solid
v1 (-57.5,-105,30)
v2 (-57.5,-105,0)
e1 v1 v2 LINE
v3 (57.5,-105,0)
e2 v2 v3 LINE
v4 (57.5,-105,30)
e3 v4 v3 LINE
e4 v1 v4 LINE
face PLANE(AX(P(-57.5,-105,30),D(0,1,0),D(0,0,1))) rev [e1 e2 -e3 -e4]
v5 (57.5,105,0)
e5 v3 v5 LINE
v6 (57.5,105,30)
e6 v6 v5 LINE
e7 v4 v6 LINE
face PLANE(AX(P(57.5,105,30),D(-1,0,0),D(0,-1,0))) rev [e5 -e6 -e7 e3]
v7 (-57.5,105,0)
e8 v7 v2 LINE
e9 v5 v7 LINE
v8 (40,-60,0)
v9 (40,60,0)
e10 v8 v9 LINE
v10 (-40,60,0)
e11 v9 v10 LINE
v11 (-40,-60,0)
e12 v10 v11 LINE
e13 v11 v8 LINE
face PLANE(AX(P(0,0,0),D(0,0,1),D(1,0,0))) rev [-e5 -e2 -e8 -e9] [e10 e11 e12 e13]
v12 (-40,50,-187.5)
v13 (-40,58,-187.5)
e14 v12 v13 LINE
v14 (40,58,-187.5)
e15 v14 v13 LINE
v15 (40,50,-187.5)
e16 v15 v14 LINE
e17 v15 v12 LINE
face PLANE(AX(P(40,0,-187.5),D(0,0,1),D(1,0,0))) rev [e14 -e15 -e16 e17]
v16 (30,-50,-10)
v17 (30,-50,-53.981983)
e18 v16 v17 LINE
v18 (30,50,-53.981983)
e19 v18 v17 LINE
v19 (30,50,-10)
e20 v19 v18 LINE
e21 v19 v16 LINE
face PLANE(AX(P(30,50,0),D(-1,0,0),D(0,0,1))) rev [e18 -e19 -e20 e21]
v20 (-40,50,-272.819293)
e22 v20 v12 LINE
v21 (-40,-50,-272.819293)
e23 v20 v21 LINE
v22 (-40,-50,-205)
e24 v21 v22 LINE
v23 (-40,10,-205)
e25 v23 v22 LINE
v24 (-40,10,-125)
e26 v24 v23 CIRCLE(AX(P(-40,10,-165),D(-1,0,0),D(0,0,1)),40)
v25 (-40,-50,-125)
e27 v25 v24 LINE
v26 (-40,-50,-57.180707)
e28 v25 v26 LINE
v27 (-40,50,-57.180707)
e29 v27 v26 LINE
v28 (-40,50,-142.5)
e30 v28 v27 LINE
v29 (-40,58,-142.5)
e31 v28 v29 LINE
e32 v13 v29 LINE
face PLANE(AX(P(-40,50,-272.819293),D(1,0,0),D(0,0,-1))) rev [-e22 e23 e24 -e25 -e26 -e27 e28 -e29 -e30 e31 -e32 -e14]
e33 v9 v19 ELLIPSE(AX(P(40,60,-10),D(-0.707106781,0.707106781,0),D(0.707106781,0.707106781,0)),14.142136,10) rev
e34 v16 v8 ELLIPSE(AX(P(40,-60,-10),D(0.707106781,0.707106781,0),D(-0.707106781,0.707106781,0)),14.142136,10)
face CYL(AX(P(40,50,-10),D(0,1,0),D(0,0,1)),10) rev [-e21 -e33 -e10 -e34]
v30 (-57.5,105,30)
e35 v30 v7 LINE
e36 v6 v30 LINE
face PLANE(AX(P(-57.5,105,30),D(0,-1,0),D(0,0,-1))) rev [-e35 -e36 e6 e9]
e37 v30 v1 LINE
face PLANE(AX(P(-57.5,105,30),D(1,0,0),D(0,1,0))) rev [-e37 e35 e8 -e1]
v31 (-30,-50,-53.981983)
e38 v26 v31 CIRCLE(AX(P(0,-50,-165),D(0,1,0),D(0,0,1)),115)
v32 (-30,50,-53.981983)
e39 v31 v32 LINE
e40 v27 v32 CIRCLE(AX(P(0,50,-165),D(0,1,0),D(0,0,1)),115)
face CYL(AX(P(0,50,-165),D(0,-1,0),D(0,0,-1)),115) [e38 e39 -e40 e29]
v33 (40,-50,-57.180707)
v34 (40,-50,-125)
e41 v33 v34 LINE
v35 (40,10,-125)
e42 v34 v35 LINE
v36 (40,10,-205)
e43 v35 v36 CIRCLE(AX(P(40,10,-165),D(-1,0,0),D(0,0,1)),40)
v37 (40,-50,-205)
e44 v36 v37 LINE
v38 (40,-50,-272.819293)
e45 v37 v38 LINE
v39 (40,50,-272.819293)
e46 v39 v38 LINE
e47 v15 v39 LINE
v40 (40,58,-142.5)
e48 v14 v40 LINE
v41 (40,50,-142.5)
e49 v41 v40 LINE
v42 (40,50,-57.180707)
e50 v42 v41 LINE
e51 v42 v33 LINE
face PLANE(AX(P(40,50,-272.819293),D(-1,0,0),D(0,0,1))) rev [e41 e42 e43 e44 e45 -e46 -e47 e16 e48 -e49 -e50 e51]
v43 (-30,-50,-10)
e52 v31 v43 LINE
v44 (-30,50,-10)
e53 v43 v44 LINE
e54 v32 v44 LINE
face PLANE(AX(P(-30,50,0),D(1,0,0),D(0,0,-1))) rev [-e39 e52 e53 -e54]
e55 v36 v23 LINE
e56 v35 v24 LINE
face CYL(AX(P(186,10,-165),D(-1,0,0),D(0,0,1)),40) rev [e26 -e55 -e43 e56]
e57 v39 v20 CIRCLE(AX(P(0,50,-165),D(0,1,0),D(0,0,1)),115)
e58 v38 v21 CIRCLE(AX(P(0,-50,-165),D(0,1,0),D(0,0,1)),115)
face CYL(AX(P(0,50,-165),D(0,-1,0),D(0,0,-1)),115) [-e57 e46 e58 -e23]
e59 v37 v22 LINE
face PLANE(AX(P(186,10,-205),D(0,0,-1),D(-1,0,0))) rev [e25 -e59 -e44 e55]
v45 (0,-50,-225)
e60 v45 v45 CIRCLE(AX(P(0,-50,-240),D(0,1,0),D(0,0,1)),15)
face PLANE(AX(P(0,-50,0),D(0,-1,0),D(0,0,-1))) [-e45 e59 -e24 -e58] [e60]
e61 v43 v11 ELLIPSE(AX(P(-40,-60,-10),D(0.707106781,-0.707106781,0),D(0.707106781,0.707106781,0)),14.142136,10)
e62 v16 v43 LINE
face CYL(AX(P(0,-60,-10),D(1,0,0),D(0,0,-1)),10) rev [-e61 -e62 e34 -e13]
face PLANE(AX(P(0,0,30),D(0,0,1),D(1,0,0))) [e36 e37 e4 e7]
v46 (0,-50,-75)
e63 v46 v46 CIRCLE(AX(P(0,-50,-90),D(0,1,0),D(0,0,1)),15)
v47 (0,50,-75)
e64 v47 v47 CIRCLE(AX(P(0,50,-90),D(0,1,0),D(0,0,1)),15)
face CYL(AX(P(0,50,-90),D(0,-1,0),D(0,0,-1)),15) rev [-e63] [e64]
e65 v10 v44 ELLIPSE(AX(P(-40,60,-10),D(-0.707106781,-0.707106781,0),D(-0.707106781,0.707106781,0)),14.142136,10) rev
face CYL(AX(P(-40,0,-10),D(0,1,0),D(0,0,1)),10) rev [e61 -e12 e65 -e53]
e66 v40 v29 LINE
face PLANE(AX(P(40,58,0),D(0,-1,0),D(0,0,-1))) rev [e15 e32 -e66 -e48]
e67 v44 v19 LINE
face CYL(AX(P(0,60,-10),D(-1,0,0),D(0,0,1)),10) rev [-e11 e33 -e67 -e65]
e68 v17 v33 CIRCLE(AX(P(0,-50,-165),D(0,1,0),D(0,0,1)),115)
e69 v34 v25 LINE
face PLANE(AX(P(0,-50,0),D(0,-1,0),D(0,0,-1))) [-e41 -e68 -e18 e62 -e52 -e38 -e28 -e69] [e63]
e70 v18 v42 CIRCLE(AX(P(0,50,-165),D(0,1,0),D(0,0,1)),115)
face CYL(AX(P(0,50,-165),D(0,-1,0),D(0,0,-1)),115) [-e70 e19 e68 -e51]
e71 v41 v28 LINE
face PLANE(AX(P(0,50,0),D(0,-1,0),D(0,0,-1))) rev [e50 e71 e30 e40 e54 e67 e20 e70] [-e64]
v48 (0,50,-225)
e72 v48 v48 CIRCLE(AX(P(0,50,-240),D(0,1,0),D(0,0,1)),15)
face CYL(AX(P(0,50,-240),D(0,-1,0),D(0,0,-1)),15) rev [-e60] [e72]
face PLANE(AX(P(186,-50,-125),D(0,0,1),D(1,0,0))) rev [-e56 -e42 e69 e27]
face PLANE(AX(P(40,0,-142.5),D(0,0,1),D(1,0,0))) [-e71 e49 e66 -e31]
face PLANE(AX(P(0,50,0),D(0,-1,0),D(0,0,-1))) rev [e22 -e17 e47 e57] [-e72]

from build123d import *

# Parameters (mm, degrees)
SKETCH1_W           = 115
SKETCH1_H           = 210
BOSS_EXTRUDE1_DEPTH = 30
SKETCH3_W           = 60
SKETCH3_H           = 60
BOSS_EXTRUDE2_DEPTH = 50
SKETCH4_R           = 15
BOSS_EXTRUDE3_DEPTH = 50
FILLET1_R           = 10
SKETCH7_W           = 45
SKETCH7_H           = 8
BOSS_EXTRUDE6_DEPTH = 80
CUT_EXTRUDE1_DEPTH  = 226


with BuildPart() as part:
    # Sketch1 → Boss-Extrude1 (new body)
    with BuildSketch(Plane.XY):
        Rectangle(SKETCH1_W, SKETCH1_H)
    extrude(amount=BOSS_EXTRUDE1_DEPTH)

    # Sketch3 → Boss-Extrude2 (add, symmetric)
    with BuildSketch(Plane(origin=(0, 0, 0), x_dir=(1, 0, 0), z_dir=(0, 1, 0))):
        with Locations((0, 30)):
            Rectangle(SKETCH3_W, SKETCH3_H)
    extrude(amount=BOSS_EXTRUDE2_DEPTH, both=True)

    # Sketch4 → Boss-Extrude3 (add, symmetric)
    with BuildSketch(Plane(origin=(0, 0, 0), x_dir=(1, 0, 0), z_dir=(0, 1, 0))):
        with BuildLine():
            Line((-40, 272.819293264), (-40, 57.180706736))
            ThreePointArc((-40, 57.180706736), (0, 50), (40, 57.180706736))
            Line((40, 57.180706736), (40, 272.819293264))
            ThreePointArc((40, 272.819293264), (0, 280), (-40, 272.819293264))
        make_face()
        with Locations(Location((0, 240, 0), (0, 0, 270))):
            Circle(SKETCH4_R, mode=Mode.SUBTRACT)
        with Locations(Location((0, 90, 0), (0, 0, 270))):
            Circle(SKETCH4_R, mode=Mode.SUBTRACT)
    extrude(amount=BOSS_EXTRUDE3_DEPTH, both=True)

    # Fillet1
    fillet1_edges = [part.edges().sort_by_distance(p)[0] for p in [
        (0, -50, 0),
        (-30, 0, 0),
        (30, 0, 0),
        (0, 50, 0),
    ]]
    fillet(fillet1_edges, radius=FILLET1_R)

    # Sketch7 → Boss-Extrude6 (add)
    with BuildSketch(Plane.ZY.offset(40)):
        with Locations((-165, 54)):
            Rectangle(SKETCH7_W, SKETCH7_H)
    extrude(amount=-BOSS_EXTRUDE6_DEPTH)

    # Sketch11 → Cut-Extrude1 (cut)
    with BuildSketch(Plane.ZY.offset(40)):
        with BuildLine():
            Line((-205, 10), (-205, -50))
            Line((-205, -50), (-125, -50))
            Line((-125, -50), (-125, 10))
            ThreePointArc((-125, 10), (-165, 50), (-205, 10))
        make_face()
    extrude(amount=-CUT_EXTRUDE1_DEPTH, mode=Mode.SUBTRACT)


solid = part.part
